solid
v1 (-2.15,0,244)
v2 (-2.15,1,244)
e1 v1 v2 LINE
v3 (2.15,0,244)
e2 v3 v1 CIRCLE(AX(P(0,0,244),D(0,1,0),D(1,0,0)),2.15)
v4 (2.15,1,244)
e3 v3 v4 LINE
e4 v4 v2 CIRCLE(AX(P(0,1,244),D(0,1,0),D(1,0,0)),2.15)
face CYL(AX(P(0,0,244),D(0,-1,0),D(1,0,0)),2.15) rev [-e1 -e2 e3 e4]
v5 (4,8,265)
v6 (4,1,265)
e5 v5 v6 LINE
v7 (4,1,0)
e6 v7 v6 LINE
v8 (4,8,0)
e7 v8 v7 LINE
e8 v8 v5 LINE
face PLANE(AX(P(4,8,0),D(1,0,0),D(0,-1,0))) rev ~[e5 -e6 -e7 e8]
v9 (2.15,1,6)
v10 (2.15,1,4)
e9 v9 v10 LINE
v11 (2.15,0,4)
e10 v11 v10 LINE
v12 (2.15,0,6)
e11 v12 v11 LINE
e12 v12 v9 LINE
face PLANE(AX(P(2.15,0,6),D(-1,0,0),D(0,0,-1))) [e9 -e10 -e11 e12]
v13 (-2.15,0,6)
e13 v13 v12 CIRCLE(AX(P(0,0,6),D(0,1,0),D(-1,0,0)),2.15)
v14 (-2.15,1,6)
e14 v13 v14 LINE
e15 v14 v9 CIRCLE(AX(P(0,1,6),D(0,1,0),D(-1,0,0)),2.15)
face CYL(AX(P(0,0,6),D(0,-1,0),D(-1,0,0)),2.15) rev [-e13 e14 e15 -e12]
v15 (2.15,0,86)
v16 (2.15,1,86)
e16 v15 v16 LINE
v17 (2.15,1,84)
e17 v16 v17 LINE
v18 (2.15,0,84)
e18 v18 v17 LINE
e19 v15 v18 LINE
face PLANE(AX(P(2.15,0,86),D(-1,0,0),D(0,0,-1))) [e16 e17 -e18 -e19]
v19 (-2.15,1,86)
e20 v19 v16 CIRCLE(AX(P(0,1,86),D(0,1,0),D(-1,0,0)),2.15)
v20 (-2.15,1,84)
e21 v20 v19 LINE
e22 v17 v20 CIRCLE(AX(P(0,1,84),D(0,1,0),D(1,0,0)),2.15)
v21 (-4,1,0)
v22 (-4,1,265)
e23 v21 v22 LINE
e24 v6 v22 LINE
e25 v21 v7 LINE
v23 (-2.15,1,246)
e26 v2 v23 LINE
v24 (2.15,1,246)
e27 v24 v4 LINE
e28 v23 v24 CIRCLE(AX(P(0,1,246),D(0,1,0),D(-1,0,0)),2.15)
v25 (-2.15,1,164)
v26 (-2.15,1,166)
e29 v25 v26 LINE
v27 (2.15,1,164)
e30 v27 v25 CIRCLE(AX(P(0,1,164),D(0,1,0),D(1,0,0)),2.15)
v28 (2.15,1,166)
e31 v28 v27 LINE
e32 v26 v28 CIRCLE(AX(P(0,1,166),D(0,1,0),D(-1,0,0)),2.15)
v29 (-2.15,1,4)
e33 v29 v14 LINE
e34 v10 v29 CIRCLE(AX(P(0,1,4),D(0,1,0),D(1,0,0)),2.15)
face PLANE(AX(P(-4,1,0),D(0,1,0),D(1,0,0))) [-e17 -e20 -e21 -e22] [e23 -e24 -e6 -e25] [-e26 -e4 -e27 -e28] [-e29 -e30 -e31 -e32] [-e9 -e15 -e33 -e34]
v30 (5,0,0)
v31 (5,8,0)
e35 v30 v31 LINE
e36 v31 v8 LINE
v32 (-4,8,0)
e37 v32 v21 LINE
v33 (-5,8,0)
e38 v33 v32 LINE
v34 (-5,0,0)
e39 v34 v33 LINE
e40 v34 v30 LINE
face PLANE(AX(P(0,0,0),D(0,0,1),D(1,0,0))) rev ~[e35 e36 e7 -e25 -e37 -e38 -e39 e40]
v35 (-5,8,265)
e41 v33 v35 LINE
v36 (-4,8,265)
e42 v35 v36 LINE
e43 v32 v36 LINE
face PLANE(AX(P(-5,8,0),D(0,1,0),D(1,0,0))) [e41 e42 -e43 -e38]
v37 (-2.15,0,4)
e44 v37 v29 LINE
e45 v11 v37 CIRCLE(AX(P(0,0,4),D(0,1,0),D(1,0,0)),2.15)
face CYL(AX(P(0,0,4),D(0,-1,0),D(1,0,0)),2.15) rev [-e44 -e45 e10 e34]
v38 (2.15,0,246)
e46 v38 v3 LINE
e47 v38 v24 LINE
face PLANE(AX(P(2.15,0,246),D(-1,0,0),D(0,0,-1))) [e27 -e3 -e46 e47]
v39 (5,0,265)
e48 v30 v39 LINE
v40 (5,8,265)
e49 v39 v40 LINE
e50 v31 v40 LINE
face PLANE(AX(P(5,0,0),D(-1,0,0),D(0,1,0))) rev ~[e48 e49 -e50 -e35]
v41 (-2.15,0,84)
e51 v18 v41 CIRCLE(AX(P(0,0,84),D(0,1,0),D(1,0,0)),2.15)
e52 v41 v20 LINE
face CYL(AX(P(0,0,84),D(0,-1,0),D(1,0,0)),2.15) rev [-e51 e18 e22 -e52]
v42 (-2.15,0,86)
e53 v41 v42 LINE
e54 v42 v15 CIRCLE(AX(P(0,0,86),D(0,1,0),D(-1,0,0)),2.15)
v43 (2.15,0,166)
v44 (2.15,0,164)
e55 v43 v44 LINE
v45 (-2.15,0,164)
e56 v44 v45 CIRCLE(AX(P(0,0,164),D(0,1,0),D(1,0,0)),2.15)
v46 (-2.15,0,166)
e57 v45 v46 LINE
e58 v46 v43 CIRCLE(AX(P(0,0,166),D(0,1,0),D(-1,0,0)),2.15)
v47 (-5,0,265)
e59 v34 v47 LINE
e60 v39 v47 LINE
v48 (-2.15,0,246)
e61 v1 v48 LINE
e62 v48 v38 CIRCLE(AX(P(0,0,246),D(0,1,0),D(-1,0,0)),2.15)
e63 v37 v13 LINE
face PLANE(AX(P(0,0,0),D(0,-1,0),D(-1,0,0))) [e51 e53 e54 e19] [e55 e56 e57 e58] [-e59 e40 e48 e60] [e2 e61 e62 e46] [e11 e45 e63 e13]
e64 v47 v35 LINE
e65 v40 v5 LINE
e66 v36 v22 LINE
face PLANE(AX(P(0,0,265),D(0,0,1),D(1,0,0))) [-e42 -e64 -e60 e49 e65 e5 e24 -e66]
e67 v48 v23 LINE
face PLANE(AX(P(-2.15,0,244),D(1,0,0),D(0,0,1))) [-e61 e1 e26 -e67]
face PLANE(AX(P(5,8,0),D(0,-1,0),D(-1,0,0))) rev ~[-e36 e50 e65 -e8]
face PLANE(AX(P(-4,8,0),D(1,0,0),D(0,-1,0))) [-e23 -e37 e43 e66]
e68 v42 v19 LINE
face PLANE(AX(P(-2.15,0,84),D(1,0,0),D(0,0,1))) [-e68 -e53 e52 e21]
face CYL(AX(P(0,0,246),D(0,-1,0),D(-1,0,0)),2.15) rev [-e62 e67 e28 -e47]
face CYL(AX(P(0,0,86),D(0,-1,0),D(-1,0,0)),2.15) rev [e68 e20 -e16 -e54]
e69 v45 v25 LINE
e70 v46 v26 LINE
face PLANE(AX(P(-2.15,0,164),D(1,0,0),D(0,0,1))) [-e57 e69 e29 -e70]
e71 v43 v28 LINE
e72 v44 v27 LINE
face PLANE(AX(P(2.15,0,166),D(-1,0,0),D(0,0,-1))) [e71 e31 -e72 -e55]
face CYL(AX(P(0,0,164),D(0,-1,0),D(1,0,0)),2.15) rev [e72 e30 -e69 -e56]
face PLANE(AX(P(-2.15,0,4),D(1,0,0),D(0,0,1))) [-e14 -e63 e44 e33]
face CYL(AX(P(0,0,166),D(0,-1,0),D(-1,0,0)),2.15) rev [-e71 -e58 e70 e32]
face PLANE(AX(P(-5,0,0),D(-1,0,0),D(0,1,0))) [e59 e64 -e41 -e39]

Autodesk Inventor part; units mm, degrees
ref_plane "YZ Plane" through (0, 0, 0) normal (1, 0, 0) x (0, 1, 0)
ref_plane "XY Plane" through (0, 0, 0) normal (0, 0, 1) x (1, 0, 0)
sketch "Skizze1" plane through (0, 0, 0) normal (0, 0, 1) x (1, 0, 0)
  line L0 (0, 0) -> (5, 0)
  line L1 (5, 0) -> (5, 8)
  line L2 (5, 8) -> (4, 8)
  line L3 (4, 8) -> (4, 1)
  line L4 (4, 1) -> (0, 1)
  line L5 (0, 9.6) -> (0, -1.6) construction
  line L6 (0, 0) -> (-5, 0)
  line L7 (-5, 0) -> (-5, 8)
  line L8 (-5, 8) -> (-4, 8)
  line L9 (-4, 8) -> (-4, 1)
  line L10 (-4, 1) -> (0, 1)
  dimension "d0" = 1
  dimension "d1" = 1
  dimension "d2" = 8
  dimension "d3" = 5
extrude "Ex-UProfil" add sketch "Skizze1" along normal blind 265
sketch "Skizze2" plane through (0, 0, 0) normal (0, 1, 0) x (-1, 0, 0)
  line L0 (5, 0) -> (-5, 0) projected
  line L1 (-5, 0) -> (-5, 265) projected
  line L2 (5, 265) -> (-5, 265) projected
  line L3 (5, 0) -> (5, 265) projected
  line L4 (0, -65.78) -> (0, 302.63) construction
  circle A0 centre (0, 245) radius 2.15 construction
  line L5 (0, 246) -> (0, 244) construction
  line L6 (-2.15, 246) -> (-2.15, 244)
  line L7 (2.15, 244) -> (2.15, 246)
  arc A1 (2.15, 246) -> (-2.15, 246) centre (0, 246) ccw
  arc A2 (-2.15, 244) -> (2.15, 244) centre (0, 244) ccw
  circle A3 centre (0, 165) radius 2.15 construction
  line L8 (0, 166) -> (0, 164) construction
  line L9 (-2.15, 166) -> (-2.15, 164)
  line L10 (2.15, 164) -> (2.15, 166)
  arc A4 (2.15, 166) -> (-2.15, 166) centre (0, 166) ccw
  arc A5 (-2.15, 164) -> (2.15, 164) centre (0, 164) ccw
  circle A6 centre (0, 85) radius 2.15 construction
  line L11 (0, 86) -> (0, 84) construction
  line L12 (-2.15, 86) -> (-2.15, 84)
  line L13 (2.15, 84) -> (2.15, 86)
  arc A7 (2.15, 86) -> (-2.15, 86) centre (0, 86) ccw
  arc A8 (-2.15, 84) -> (2.15, 84) centre (0, 84) ccw
  circle A9 centre (0, 5) radius 2.15 construction
  line L14 (0, 6) -> (0, 4) construction
  line L15 (-2.15, 6) -> (-2.15, 4)
  line L16 (2.15, 4) -> (2.15, 6)
  arc A10 (2.15, 6) -> (-2.15, 6) centre (0, 6) ccw
  arc A11 (-2.15, 4) -> (2.15, 4) centre (0, 4) ccw
  point P0 (0, 0)
  point P1 (0, 248.15)
  point P2 (0, 241.85)
  point P3 (0, 168.15)
  point P4 (0, 161.85)
  point P5 (0, 88.15)
  point P6 (0, 81.85)
  point P7 (0, 8.15)
  point P8 (0, 1.85)
  dimension "d6" = 4.3
  dimension "d7" = 20
  dimension "d8" = 4.3
  dimension "d9" = 6.3
  dimension "d21" = 80
extrude "Ex-Bohrungen" cut sketch "Skizze2" along normal up to surface (1 mm away) contours A1 L7 A2 L6 | A4 L10 A5 L9 | A7 L13 A8 L12 | A10 L16 A11 L15
equation "\"d8\" = d6"
properties part number "U-Profil PanelSupport 10x8x265mm"
